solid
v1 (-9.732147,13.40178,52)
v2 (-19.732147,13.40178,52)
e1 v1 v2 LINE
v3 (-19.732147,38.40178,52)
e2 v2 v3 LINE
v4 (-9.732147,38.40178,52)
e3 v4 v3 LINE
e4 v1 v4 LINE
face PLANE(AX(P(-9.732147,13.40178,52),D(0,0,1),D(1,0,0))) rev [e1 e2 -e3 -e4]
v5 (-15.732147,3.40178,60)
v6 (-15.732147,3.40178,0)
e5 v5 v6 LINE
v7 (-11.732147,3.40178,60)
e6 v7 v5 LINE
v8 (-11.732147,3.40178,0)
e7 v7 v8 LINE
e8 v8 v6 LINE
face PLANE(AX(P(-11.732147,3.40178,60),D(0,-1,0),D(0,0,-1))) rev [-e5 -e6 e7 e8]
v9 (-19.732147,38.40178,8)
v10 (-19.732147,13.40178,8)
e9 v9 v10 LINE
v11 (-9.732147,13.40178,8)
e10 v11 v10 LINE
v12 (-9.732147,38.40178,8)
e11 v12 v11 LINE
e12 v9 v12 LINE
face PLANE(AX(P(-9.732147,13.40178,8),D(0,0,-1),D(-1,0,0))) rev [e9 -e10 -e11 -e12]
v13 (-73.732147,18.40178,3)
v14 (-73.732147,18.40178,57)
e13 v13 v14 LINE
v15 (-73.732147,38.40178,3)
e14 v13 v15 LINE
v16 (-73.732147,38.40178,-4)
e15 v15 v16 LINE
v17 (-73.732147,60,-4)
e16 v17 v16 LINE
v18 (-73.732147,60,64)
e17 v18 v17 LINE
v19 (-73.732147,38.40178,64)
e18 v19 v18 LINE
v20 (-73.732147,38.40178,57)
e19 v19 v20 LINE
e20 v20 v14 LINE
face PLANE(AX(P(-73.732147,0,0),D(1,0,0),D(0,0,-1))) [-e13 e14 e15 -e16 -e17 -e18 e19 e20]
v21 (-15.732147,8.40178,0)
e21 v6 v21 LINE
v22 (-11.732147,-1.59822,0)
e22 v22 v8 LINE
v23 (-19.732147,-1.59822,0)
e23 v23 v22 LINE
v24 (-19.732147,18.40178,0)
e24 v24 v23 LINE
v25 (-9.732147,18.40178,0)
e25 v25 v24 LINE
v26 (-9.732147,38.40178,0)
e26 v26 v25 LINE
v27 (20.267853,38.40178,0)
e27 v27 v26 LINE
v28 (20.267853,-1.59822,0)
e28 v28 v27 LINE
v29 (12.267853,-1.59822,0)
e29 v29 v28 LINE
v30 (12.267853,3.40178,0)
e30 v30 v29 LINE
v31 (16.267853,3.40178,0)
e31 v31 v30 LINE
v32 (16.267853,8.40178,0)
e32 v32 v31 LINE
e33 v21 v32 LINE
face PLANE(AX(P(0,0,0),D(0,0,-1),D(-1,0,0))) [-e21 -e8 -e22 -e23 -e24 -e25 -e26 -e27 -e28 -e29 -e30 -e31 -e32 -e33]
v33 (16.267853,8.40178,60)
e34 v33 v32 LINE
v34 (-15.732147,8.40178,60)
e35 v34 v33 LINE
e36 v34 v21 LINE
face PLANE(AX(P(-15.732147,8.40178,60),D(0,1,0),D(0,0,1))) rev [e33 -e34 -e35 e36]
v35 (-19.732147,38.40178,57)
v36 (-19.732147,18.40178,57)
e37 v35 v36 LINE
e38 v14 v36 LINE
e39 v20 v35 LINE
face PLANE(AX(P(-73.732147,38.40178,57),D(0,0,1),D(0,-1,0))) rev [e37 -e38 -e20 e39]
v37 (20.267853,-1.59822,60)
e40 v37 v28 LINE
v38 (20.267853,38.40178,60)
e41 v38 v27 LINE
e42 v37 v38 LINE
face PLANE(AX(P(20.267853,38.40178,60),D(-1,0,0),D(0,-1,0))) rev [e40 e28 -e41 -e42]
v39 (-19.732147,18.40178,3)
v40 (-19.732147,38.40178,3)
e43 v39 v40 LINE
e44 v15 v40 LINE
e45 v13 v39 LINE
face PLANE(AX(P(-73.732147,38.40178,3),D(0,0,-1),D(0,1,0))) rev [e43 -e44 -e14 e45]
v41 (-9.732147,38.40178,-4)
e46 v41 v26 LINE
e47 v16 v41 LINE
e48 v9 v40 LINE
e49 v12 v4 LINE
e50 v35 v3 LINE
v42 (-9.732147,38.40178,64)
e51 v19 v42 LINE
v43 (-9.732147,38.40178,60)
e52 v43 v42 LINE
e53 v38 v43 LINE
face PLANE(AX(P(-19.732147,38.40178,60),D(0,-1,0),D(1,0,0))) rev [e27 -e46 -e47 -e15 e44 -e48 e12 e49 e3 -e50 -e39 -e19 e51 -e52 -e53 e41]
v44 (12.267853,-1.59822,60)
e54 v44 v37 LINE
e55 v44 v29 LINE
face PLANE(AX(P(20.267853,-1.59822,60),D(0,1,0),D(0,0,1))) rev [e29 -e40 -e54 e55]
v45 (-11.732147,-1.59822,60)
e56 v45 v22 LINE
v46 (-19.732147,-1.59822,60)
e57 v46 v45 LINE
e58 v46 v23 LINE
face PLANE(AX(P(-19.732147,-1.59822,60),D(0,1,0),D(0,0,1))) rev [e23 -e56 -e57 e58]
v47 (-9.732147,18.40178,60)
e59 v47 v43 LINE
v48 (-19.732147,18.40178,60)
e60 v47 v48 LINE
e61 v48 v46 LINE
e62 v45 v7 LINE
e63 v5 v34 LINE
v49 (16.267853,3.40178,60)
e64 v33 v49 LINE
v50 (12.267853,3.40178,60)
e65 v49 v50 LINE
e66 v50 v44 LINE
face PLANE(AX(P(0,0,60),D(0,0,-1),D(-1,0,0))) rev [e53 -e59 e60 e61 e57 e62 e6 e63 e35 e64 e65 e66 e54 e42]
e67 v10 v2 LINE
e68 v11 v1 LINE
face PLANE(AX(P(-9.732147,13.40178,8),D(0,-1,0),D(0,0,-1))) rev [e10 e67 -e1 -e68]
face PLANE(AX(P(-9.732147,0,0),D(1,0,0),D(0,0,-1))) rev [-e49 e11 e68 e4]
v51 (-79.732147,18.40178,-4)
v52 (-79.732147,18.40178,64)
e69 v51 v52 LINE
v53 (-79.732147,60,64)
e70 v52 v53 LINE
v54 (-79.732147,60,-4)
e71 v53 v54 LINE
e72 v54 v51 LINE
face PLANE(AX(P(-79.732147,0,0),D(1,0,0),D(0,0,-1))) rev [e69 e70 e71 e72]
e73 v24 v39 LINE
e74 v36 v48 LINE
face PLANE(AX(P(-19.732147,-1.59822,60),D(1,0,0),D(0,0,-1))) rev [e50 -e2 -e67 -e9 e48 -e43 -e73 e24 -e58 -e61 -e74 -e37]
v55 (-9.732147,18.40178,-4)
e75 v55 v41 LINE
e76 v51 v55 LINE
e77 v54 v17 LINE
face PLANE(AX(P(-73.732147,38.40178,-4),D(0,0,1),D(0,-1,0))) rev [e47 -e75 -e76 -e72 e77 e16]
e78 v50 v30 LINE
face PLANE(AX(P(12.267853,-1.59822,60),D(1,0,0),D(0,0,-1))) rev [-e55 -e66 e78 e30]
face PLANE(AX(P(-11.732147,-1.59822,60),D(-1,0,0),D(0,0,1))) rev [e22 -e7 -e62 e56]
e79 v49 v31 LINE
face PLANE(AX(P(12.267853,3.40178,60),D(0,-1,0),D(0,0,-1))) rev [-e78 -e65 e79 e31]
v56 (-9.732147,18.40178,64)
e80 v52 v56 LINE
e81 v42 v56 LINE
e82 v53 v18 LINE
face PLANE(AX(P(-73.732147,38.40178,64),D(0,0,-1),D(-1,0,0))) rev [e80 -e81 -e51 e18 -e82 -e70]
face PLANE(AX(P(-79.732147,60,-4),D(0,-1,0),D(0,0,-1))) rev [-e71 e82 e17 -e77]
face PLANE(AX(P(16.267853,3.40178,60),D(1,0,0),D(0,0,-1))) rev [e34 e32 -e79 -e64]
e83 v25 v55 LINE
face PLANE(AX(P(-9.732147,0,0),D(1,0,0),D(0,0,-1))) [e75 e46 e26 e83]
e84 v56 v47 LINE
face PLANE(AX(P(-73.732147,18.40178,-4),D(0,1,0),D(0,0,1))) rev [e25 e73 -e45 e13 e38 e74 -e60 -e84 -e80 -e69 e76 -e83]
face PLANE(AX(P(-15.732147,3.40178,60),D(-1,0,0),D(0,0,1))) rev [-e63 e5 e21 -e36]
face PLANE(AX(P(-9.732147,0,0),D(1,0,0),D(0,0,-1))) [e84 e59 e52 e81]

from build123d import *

# Parameters (mm, degrees)
EXTRUDE_1_DEPTH     = 60
SKETCH_2_W          = 7
SKETCH_2_H          = 20
EXTRUDE_2_DEPTH     = 54
SKETCH_3_W          = 4
SKETCH_3_H          = 20
EXTRUDE_3_DEPTH     = 10
SKETCH_4_W          = 68
SKETCH_4_H          = 41.598220465
EXTRUDE_4_DEPTH     = 6
SKETCH_5_W          = 44
SKETCH_5_H          = 25.180333828
CUT_EXTRUDE_1_DEPTH = 10


with BuildPart() as part:
    # 草图1 → 凸台-拉伸1 (new body)
    with BuildSketch(Plane.XY):
        Polygon((-19.732146976, -1.598220465), (-11.732146976, -1.598220465), (-11.732146976, 3.401779535), (-15.732146976, 3.401779535), (-15.732146976, 8.401779535), (16.267853024, 8.401779535), (16.267853024, 3.401779535), (12.267853024, 3.401779535), (12.267853024, -1.598220465), (20.267853024, -1.598220465), (20.267853024, 38.401779535), (-19.732146976, 38.401779535), align=None)
    extrude(amount=EXTRUDE_1_DEPTH)

    # 草图2 → 凸台-拉伸2 (add)
    with BuildSketch(Plane.ZY.offset(19.732146976)):
        with Locations((-0.5, 28.401779535)):
            Rectangle(SKETCH_2_W, SKETCH_2_H)
        with Locations((60.5, 28.401779535)):
            Rectangle(SKETCH_2_W, SKETCH_2_H)
    extrude(amount=EXTRUDE_2_DEPTH)

    # 草图3 → 凸台-拉伸3 (add)
    with BuildSketch(Plane(origin=(-19.732146976, 0, 0), x_dir=(0, 0, -1), z_dir=(1, 0, 0))):
        with Locations((-62, 28.401779535)):
            Rectangle(SKETCH_3_W, SKETCH_3_H)
        with Locations((2, 28.401779535)):
            Rectangle(SKETCH_3_W, SKETCH_3_H)
    extrude(amount=EXTRUDE_3_DEPTH)

    # 草图4 → 凸台-拉伸4 (add)
    with BuildSketch(Plane.ZY.offset(73.732146976)):
        with Locations((30, 39.200889768)):
            Rectangle(SKETCH_4_W, SKETCH_4_H)
    extrude(amount=EXTRUDE_4_DEPTH)

    # 草图5 → 切除-拉伸1 (cut)
    with BuildSketch(Plane.ZY.offset(19.732146976)):
        with Locations((30, 25.991946449)):
            Rectangle(SKETCH_5_W, SKETCH_5_H)
    extrude(amount=-CUT_EXTRUDE_1_DEPTH, mode=Mode.SUBTRACT)


solid = part.part
